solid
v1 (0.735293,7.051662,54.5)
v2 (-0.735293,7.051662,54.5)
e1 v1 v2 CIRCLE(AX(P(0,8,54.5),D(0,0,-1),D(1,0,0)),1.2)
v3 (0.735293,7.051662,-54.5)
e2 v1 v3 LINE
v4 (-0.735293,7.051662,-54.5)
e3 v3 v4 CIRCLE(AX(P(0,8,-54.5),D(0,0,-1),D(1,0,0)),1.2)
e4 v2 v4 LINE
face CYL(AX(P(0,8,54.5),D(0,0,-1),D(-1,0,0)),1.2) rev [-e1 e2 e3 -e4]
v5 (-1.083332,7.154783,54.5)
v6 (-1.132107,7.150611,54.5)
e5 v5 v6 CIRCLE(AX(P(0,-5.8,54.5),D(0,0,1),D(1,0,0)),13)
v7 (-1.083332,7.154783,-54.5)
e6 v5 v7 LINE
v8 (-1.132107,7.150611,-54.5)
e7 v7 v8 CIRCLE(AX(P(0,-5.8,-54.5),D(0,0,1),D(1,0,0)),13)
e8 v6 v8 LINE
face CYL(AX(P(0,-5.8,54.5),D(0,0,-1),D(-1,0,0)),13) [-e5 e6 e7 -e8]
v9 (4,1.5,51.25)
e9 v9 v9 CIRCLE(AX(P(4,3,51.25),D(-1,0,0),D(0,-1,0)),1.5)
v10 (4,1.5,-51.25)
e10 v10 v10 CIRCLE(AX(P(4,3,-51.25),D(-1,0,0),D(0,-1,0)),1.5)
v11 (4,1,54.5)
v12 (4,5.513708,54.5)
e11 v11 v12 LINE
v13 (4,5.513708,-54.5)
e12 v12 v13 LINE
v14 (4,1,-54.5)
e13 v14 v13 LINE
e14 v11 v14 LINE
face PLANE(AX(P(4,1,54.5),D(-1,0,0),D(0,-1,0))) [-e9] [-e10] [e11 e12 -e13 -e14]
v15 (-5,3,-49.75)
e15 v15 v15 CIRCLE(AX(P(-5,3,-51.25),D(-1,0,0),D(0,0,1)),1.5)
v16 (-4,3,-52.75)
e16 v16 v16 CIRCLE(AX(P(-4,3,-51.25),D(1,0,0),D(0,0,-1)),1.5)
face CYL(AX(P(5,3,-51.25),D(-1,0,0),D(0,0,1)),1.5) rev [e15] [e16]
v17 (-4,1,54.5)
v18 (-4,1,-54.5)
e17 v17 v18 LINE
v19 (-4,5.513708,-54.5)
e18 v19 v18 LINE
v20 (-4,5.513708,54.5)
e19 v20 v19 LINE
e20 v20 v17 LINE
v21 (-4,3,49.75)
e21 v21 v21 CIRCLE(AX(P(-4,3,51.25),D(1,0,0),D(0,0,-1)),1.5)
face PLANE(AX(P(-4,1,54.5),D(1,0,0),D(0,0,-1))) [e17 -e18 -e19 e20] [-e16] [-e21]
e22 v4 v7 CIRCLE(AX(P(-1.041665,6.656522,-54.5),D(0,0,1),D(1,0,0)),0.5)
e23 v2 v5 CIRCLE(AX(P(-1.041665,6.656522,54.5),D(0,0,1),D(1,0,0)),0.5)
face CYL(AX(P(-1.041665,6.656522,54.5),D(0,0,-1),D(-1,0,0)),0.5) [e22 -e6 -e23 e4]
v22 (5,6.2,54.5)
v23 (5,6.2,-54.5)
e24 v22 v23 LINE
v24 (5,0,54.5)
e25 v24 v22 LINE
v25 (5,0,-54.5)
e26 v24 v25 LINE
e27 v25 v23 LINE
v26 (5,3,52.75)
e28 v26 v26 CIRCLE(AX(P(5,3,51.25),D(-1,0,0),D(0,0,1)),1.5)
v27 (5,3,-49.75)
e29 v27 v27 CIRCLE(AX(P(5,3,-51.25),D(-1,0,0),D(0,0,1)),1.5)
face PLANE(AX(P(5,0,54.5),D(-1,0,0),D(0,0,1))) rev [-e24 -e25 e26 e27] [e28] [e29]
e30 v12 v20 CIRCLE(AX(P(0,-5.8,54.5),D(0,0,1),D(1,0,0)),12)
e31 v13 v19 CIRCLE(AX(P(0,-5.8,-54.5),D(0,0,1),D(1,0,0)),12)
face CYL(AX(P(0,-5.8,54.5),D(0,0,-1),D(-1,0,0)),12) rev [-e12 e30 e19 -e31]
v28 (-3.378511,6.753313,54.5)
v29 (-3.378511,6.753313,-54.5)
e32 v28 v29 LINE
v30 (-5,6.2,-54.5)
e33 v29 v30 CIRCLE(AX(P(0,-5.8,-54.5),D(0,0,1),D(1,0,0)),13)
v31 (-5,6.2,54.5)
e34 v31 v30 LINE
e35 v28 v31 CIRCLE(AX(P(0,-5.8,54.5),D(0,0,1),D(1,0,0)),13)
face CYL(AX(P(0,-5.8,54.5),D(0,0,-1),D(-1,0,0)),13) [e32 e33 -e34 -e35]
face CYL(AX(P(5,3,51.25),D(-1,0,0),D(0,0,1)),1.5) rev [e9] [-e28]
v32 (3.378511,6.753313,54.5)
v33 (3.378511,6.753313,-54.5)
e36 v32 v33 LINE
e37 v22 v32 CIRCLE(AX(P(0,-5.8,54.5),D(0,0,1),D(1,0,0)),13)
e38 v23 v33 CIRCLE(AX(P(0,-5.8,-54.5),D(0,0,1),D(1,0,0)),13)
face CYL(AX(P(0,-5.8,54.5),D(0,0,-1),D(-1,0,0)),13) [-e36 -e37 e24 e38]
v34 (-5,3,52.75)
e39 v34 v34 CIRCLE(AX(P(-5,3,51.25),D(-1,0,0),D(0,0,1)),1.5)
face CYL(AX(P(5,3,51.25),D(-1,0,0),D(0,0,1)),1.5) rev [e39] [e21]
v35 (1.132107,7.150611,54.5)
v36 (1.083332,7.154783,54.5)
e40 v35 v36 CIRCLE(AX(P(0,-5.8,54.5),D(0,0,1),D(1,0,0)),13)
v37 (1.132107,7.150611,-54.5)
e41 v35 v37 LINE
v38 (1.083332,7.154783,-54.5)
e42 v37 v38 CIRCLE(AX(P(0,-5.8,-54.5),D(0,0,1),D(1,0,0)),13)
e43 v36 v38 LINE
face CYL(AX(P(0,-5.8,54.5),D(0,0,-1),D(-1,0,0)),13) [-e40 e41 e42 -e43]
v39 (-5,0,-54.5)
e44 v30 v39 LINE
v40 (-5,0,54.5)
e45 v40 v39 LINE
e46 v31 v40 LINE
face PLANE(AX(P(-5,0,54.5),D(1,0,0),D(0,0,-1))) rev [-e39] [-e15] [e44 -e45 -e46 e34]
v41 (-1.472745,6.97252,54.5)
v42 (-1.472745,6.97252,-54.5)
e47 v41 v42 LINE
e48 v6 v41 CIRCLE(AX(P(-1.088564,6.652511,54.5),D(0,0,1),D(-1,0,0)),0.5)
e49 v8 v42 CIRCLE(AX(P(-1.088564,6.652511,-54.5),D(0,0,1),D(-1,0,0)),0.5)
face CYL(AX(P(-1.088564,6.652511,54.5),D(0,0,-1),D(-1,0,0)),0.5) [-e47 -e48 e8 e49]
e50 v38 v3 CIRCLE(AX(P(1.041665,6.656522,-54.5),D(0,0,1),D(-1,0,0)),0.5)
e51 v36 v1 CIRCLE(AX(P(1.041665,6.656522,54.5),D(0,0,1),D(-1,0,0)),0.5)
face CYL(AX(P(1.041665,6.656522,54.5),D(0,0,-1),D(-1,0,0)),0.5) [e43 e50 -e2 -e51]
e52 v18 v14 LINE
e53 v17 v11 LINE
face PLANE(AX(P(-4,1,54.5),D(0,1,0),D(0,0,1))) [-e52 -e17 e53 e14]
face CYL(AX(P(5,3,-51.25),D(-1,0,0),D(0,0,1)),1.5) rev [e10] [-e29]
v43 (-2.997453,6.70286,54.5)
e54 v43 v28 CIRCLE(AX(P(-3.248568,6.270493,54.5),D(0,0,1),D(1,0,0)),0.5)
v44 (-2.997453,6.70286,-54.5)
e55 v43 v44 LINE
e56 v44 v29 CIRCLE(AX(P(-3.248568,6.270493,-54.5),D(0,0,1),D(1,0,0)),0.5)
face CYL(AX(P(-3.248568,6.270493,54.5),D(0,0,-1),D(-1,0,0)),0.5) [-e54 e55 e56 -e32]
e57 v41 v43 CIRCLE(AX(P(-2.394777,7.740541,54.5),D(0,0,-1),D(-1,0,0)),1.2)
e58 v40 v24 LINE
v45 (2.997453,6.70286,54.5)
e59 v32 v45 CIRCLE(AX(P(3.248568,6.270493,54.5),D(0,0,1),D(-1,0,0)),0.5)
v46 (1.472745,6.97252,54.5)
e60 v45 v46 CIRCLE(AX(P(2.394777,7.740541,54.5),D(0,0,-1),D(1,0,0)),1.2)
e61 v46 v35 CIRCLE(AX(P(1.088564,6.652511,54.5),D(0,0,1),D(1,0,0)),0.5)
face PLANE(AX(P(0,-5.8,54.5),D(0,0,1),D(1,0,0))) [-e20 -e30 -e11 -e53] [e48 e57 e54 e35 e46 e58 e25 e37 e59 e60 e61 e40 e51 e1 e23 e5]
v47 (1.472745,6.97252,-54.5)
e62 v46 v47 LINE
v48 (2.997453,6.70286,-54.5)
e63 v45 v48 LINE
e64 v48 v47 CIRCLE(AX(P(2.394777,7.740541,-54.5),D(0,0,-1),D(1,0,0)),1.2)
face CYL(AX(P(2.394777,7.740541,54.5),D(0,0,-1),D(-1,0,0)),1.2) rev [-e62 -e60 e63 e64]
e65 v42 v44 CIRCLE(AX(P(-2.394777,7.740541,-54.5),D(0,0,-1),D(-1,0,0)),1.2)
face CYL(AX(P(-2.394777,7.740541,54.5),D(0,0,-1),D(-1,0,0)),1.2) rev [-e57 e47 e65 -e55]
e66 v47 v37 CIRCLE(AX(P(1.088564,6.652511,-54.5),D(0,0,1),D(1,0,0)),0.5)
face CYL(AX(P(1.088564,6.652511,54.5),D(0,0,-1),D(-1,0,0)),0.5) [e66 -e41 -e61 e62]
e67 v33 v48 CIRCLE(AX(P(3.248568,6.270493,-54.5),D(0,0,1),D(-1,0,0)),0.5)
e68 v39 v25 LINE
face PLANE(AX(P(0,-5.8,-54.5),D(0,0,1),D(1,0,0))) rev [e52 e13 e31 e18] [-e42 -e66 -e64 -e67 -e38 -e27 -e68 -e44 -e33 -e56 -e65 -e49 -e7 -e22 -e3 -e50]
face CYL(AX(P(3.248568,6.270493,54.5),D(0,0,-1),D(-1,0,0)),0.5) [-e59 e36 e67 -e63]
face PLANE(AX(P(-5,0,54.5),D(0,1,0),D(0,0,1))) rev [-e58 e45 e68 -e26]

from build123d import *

# Parameters (mm, degrees)
BOSS_EXTRU_1_DEPTH      = 54.5
ESQUISSE2_R             = 1.5
ENL_V_MAT_EXTRU_1_DEPTH = 56.87007968


with BuildPart() as part:
    # Esquisse1 → Boss.-Extru.1 (new, symmetric)
    with BuildSketch(Plane.XY):
        with BuildLine():
            Line((-5, 0), (5, 0))
            Line((5, 0), (5, 6.2))
            ThreePointArc((5, 6.2), (4.198380709, 6.503397881), (3.378511037, 6.753312837))
            ThreePointArc((3.378511037, 6.753312837), (3.182940128, 6.766167342), (2.997453176, 6.702860077))
            ThreePointArc((2.997453176, 6.702860077), (2.185788495, 6.558879309), (1.472744558, 6.972519685))
            ThreePointArc((1.472744558, 6.972519685), (1.320223309, 7.095607002), (1.132107007, 7.150611326))
            ThreePointArc((1.132107007, 7.150611326), (1.107721314, 7.152719926), (1.083331695, 7.154782609))
            ThreePointArc((1.083331695, 7.154782609), (0.899623928, 7.135921685), (0.735293006, 7.051662404))
            ThreePointArc((0.735293006, 7.051662404), (0, 6.8), (-0.735293006, 7.051662404))
            ThreePointArc((-0.735293006, 7.051662404), (-0.899623928, 7.135921685), (-1.083331695, 7.154782609))
            ThreePointArc((-1.083331695, 7.154782609), (-1.107721314, 7.152719926), (-1.132107007, 7.150611326))
            ThreePointArc((-1.132107007, 7.150611326), (-1.320223309, 7.095607002), (-1.472744558, 6.972519685))
            ThreePointArc((-1.472744558, 6.972519685), (-2.185788495, 6.558879309), (-2.997453176, 6.702860077))
            ThreePointArc((-2.997453176, 6.702860077), (-3.182940128, 6.766167342), (-3.378511037, 6.753312837))
            ThreePointArc((-3.378511037, 6.753312837), (-4.198380709, 6.503397881), (-5, 6.2))
            Line((-5, 6.2), (-5, 0))
        make_face()
        with BuildLine():
            Line((-4, 1), (-4, 5.513708499))
            ThreePointArc((-4, 5.513708499), (0, 6.2), (4, 5.513708499))
            Line((4, 5.513708499), (4, 1))
            Line((4, 1), (-4, 1))
        make_face(mode=Mode.SUBTRACT)
    extrude(amount=BOSS_EXTRU_1_DEPTH, both=True)

    # Esquisse2 → Enlèv. mat.-Extru.1 (cut, through all)
    with BuildSketch(Plane.ZY.offset(5)):
        with Locations((-51.25, 3)):
            Circle(ESQUISSE2_R)
        with Locations((51.25, 3)):
            Circle(ESQUISSE2_R)
    extrude(amount=-ENL_V_MAT_EXTRU_1_DEPTH, mode=Mode.SUBTRACT)


solid = part.part
